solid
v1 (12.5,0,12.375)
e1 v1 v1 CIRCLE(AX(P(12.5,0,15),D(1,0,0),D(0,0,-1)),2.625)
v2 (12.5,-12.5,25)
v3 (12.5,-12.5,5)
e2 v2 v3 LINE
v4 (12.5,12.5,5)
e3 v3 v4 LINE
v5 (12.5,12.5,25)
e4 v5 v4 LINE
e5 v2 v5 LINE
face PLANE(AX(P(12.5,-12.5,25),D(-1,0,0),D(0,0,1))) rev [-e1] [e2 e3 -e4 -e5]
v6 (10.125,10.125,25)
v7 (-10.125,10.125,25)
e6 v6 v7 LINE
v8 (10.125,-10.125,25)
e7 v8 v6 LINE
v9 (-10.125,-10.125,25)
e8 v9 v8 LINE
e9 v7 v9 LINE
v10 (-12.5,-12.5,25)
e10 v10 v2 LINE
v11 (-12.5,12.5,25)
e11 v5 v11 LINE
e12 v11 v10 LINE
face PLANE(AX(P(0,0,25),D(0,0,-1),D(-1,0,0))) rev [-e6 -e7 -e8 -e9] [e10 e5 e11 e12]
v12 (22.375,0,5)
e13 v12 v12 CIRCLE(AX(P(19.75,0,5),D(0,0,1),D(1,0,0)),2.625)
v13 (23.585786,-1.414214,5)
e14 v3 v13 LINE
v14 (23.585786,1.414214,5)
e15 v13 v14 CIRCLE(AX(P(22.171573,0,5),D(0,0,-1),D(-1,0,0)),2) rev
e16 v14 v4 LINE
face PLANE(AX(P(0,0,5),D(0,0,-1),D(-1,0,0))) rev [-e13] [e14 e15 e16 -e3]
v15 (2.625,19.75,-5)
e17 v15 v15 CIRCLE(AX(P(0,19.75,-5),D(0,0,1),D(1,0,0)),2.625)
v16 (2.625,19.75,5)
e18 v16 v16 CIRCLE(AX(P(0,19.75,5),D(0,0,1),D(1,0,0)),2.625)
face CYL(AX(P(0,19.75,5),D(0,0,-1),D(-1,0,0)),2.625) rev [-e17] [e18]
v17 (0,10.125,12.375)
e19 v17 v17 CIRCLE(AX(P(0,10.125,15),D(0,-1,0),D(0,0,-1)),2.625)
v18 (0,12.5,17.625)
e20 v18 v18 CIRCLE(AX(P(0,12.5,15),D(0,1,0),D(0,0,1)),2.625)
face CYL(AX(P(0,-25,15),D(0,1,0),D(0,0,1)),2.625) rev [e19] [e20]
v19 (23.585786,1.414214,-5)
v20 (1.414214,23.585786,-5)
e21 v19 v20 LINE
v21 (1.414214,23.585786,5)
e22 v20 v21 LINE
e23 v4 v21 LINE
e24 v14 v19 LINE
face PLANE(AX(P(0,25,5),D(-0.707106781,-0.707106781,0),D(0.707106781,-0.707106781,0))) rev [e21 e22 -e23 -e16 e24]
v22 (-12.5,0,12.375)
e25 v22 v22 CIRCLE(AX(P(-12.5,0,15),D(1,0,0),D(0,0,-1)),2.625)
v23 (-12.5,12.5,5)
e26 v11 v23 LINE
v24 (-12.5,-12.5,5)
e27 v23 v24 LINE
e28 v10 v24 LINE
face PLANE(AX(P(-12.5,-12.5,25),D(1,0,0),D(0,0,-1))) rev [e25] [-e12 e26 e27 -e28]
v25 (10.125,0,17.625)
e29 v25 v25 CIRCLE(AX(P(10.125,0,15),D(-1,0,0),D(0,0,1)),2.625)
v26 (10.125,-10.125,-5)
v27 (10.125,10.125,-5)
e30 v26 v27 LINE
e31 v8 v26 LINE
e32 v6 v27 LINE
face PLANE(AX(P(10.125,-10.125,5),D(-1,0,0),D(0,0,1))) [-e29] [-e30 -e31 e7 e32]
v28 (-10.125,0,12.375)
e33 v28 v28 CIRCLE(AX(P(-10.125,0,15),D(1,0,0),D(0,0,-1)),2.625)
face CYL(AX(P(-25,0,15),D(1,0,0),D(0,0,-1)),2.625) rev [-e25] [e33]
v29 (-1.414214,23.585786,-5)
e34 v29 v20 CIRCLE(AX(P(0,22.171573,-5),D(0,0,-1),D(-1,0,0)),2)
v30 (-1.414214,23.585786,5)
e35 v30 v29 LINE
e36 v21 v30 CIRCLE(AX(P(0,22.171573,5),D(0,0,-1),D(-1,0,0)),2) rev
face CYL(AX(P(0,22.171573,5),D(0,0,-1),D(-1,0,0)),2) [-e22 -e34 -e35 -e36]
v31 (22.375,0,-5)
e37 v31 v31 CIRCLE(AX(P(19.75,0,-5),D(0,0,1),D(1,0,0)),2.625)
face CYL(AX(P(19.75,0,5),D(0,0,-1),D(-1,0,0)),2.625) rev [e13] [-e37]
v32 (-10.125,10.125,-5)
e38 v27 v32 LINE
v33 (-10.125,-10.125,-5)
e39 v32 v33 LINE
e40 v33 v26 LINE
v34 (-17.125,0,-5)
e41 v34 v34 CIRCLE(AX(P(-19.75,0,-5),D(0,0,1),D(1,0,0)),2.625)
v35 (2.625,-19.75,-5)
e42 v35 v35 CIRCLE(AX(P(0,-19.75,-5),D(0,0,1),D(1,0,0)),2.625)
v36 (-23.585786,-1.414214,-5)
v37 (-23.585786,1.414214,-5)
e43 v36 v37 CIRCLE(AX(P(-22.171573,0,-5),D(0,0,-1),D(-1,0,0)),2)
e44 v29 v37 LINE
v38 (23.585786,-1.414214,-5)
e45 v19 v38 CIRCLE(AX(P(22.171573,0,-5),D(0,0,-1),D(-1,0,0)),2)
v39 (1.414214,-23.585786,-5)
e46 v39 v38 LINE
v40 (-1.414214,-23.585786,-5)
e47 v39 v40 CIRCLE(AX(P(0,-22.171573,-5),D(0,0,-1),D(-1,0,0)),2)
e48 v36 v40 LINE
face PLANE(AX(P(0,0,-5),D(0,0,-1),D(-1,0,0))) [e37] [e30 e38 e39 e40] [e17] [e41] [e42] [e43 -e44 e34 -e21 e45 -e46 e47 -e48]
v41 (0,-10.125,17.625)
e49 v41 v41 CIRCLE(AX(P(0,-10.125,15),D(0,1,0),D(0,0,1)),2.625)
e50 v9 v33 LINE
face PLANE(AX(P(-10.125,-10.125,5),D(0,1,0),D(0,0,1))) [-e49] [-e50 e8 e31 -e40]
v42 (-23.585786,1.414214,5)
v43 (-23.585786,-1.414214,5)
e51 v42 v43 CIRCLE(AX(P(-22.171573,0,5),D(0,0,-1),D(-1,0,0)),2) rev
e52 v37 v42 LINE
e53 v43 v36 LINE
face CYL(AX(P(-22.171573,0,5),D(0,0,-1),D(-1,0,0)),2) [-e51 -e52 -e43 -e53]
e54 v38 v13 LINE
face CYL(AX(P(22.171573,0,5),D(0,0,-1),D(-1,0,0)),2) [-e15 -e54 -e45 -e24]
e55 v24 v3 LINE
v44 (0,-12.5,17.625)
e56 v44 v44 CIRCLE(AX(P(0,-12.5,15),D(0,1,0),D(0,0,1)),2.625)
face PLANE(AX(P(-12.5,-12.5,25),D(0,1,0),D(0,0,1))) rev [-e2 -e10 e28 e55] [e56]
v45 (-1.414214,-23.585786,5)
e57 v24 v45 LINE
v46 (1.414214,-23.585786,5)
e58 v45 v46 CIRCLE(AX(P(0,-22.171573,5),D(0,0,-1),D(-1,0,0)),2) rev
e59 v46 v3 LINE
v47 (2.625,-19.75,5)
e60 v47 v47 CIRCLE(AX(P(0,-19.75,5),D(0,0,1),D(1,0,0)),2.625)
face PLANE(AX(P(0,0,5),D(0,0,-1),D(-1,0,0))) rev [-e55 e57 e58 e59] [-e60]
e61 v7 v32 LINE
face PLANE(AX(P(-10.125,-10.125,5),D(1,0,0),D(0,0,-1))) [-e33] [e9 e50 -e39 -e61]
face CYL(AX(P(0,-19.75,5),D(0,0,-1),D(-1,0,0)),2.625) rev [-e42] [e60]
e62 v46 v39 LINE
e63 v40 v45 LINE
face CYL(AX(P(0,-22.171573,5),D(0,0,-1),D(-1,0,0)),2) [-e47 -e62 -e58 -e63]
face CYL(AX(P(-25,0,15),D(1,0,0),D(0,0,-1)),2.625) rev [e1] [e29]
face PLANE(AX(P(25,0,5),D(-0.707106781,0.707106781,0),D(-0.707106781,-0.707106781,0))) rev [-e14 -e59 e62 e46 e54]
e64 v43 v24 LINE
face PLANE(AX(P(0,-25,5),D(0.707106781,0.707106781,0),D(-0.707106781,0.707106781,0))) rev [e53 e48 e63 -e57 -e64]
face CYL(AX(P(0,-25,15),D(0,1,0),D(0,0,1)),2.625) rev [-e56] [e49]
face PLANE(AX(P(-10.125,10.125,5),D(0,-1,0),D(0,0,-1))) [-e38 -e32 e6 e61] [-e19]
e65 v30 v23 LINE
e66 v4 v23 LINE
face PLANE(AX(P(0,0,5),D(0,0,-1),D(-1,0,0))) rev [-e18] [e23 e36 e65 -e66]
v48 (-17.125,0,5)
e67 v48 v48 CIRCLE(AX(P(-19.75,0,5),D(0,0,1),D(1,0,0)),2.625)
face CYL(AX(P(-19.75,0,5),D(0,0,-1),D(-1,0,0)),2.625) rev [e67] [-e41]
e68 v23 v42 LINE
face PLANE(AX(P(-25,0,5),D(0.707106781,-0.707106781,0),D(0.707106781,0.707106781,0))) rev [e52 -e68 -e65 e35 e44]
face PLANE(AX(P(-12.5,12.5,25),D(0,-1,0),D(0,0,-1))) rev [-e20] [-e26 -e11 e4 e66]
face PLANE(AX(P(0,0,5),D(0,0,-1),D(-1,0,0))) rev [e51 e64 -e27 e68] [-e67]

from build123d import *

# Parameters (mm, degrees)
SKETCH1_W           = 25
SKETCH1_H           = 25
SKETCH1_W_2         = 20.25
SKETCH1_H_2         = 20.25
BOSS_EXTRUDE1_DEPTH = 5
SKETCH2_R           = 2.625
SKETCH2_W           = 20.25
SKETCH2_H           = 20.25
BOSS_EXTRUDE2_DEPTH = 5
SKETCH3_W           = 25
SKETCH3_H           = 25
SKETCH3_W_2         = 20.25
SKETCH3_H_2         = 20.25
BOSS_EXTRUDE3_DEPTH = 20
SKETCH4_R           = 2.625
CUT_EXTRUDE1_DEPTH  = 38.5
SKETCH5_R           = 2.625
CUT_EXTRUDE2_DEPTH  = 38.5
FILLET1_R           = 2


with BuildPart() as part:
    # Sketch1 → Boss-Extrude1 (new body, symmetric)
    with BuildSketch(Plane.XY):
        Rectangle(SKETCH1_W, SKETCH1_H)
        Rectangle(SKETCH1_W_2, SKETCH1_H_2, mode=Mode.SUBTRACT)
    extrude(amount=BOSS_EXTRUDE1_DEPTH, both=True)

    # Sketch2 → Boss-Extrude2 (add, symmetric)
    with BuildSketch(Plane.XY):
        Polygon((-25, 0), (0, 25), (25, 0), (0, -25), align=None)
        with Locations((0, 19.75)):
            Circle(SKETCH2_R, mode=Mode.SUBTRACT)
        with Locations((19.75, 0)):
            Circle(SKETCH2_R, mode=Mode.SUBTRACT)
        with Locations((0, -19.75)):
            Circle(SKETCH2_R, mode=Mode.SUBTRACT)
        with Locations((-19.75, 0)):
            Circle(SKETCH2_R, mode=Mode.SUBTRACT)
        Rectangle(SKETCH2_W, SKETCH2_H, mode=Mode.SUBTRACT)
    extrude(amount=BOSS_EXTRUDE2_DEPTH, both=True)

    # Sketch3 → Boss-Extrude3 (add)
    with BuildSketch(Plane.XY.offset(5)):
        Rectangle(SKETCH3_W, SKETCH3_H)
        Rectangle(SKETCH3_W_2, SKETCH3_H_2, mode=Mode.SUBTRACT)
    extrude(amount=BOSS_EXTRUDE3_DEPTH)

    # Sketch4 → Cut-Extrude1 (cut, through all)
    with BuildSketch(Plane(origin=(0, 12.5, 0), x_dir=(1, 0, 0), z_dir=(0, 1, 0))):
        with Locations((0, -15)):
            Circle(SKETCH4_R)
    extrude(amount=-CUT_EXTRUDE1_DEPTH, mode=Mode.SUBTRACT)

    # Sketch5 → Cut-Extrude2 (cut, through all)
    with BuildSketch(Plane(origin=(12.5, 0, 0), x_dir=(0, 0, -1), z_dir=(1, 0, 0))):
        with Locations((-15, 0)):
            Circle(SKETCH5_R)
    extrude(amount=-CUT_EXTRUDE2_DEPTH, mode=Mode.SUBTRACT)

    # Fillet1
    fillet1_edges = [part.edges().sort_by_distance(p)[0] for p in [
        (0, -25, 0),
        (25, 0, 0),
        (0, 25, 0),
        (-25, 0, 0),
    ]]
    fillet(fillet1_edges, radius=FILLET1_R)


solid = part.part
